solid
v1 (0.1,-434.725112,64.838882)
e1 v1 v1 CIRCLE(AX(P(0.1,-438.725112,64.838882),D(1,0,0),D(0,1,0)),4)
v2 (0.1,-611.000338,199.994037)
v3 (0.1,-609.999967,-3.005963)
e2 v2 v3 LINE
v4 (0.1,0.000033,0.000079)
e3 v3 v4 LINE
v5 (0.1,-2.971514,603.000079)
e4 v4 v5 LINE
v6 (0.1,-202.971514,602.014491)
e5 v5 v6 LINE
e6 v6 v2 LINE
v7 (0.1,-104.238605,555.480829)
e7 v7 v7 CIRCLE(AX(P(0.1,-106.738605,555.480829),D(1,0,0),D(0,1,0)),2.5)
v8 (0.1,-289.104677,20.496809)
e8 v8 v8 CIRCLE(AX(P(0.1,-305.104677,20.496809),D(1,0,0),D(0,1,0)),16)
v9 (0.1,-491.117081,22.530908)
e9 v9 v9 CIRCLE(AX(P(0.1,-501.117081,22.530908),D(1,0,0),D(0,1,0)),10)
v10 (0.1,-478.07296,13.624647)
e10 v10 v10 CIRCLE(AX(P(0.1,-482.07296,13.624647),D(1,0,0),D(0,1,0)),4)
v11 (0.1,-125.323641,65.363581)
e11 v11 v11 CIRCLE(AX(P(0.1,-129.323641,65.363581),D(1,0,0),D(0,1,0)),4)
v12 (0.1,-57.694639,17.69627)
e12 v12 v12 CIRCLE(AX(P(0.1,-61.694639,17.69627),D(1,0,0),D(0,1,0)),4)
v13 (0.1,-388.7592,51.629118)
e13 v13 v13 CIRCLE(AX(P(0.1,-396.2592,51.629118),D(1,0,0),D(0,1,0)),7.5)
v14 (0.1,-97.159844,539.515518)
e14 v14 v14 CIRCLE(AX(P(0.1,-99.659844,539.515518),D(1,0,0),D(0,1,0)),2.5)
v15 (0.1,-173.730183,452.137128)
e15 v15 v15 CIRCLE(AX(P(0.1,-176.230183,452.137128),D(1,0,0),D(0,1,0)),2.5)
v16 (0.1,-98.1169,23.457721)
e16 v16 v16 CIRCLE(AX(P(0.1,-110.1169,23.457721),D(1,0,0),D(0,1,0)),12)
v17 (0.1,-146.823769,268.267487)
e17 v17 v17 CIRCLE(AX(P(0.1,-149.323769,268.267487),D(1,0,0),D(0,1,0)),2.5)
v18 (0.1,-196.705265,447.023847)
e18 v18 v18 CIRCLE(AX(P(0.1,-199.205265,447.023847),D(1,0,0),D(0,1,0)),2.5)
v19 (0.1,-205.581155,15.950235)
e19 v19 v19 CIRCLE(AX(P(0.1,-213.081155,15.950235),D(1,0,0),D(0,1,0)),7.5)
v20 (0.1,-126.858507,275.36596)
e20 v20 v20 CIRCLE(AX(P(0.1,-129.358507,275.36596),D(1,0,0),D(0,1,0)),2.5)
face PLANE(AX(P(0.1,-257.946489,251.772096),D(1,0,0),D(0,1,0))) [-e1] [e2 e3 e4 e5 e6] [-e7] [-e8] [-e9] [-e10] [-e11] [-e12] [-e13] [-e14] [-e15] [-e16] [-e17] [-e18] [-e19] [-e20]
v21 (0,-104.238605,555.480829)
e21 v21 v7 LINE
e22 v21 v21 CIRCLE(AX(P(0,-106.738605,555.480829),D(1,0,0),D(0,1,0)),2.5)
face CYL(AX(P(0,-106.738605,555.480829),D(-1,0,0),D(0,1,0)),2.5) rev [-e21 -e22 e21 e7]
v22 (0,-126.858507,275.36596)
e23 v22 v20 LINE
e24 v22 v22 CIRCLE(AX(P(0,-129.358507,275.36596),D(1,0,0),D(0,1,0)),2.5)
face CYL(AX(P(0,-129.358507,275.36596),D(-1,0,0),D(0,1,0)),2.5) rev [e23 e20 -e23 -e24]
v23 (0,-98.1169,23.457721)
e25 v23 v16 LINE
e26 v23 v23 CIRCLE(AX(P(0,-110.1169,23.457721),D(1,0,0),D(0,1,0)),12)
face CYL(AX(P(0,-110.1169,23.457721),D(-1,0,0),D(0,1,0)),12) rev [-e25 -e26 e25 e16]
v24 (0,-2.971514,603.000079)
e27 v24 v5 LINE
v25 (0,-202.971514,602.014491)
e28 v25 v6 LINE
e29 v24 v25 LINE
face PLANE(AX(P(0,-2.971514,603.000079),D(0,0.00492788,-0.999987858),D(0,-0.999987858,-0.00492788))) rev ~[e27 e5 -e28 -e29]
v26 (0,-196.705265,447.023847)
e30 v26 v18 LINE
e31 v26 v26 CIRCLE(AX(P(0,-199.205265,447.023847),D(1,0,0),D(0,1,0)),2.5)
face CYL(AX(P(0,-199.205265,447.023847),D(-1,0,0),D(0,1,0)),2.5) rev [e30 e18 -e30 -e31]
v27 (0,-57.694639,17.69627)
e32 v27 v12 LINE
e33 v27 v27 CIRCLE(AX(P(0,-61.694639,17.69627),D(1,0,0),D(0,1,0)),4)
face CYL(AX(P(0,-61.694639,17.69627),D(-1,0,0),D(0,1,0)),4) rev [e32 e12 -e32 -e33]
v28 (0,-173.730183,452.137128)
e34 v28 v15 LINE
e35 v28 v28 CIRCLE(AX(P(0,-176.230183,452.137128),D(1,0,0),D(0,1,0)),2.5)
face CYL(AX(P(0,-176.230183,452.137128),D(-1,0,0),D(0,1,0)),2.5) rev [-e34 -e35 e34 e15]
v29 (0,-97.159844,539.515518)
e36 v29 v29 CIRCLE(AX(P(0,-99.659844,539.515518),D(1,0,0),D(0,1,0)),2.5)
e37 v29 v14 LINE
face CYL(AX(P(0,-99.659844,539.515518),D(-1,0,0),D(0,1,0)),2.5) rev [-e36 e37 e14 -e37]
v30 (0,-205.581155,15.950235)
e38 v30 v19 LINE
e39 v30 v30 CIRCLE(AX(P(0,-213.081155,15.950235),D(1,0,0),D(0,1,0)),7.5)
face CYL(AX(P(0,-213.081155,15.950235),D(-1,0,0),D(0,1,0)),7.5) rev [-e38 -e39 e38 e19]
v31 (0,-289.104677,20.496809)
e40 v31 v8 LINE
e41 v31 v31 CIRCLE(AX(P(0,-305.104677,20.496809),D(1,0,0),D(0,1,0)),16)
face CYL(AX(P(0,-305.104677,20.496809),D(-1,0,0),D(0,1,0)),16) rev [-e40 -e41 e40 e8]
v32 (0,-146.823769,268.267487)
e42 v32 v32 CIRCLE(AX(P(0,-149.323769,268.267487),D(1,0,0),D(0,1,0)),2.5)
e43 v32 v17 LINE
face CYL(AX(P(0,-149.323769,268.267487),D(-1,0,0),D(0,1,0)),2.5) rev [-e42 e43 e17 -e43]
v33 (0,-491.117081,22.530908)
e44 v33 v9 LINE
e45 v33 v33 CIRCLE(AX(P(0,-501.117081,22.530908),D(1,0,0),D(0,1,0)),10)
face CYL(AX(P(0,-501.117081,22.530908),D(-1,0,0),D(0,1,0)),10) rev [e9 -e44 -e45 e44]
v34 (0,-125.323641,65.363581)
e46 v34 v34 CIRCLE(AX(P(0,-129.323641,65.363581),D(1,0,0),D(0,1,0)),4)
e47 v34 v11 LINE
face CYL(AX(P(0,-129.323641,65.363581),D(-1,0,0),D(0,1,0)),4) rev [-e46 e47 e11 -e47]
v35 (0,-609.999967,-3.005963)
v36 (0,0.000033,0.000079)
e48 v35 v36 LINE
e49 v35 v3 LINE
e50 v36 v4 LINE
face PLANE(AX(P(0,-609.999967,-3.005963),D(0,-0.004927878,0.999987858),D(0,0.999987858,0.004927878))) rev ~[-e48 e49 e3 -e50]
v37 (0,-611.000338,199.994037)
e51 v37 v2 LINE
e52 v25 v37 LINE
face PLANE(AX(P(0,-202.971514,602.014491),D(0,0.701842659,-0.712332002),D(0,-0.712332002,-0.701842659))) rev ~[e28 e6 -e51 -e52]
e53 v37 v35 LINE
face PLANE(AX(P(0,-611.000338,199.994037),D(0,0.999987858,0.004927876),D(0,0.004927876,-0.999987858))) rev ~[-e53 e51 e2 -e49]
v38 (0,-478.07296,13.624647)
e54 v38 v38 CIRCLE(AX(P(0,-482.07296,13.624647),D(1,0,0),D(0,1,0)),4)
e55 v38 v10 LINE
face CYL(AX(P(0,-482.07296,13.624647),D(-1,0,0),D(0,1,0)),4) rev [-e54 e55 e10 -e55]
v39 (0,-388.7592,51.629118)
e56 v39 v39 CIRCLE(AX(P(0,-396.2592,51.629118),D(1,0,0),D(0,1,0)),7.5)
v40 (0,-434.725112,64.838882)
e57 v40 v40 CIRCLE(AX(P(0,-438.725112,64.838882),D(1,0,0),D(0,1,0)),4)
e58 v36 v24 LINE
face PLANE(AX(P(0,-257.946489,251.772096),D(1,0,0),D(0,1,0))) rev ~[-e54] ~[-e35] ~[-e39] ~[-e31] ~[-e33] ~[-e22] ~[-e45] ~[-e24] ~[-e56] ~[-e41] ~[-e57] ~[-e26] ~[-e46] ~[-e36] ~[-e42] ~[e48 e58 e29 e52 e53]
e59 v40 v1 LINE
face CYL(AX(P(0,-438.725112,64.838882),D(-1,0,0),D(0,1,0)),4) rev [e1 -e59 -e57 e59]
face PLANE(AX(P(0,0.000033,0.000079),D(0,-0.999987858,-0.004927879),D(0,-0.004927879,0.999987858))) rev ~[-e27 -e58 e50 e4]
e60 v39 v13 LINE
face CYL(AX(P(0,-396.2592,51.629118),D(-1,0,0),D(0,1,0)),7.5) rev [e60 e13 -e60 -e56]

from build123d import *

# Parameters (mm, degrees)
F0_R     = 10
F0_R_2   = 4
F0_R_3   = 7.5
F0_R_4   = 16
F0_R_5   = 12
F0_R_6   = 2.5
F1_DEPTH = 0.1


with BuildPart() as f1:
    # F0 (on Right) → F1 (new body)
    with BuildSketch(Plane.YZ):
        Polygon((-609.999967, -3.005963), (3.3e-05, 7.9e-05), (-2.971514, 603.000079), (-202.971514, 602.014491), (-611.000338, 199.994037), align=None)
        with Locations((-501.117081, 22.530908)):
            Circle(F0_R, mode=Mode.SUBTRACT)
        with Locations((-482.07296, 13.624647)):
            Circle(F0_R_2, mode=Mode.SUBTRACT)
        with Locations((-438.725112, 64.838882)):
            Circle(F0_R_2, mode=Mode.SUBTRACT)
        with Locations((-396.2592, 51.629118)):
            Circle(F0_R_3, mode=Mode.SUBTRACT)
        with Locations((-305.104677, 20.496809)):
            Circle(F0_R_4, mode=Mode.SUBTRACT)
        with Locations((-213.081155, 15.950235)):
            Circle(F0_R_3, mode=Mode.SUBTRACT)
        with Locations((-110.1169, 23.457721)):
            Circle(F0_R_5, mode=Mode.SUBTRACT)
        with Locations((-129.323641, 65.363581)):
            Circle(F0_R_2, mode=Mode.SUBTRACT)
        with Locations((-61.694639, 17.69627)):
            Circle(F0_R_2, mode=Mode.SUBTRACT)
        with Locations((-149.323769, 268.267487)):
            Circle(F0_R_6, mode=Mode.SUBTRACT)
        with Locations((-129.358507, 275.36596)):
            Circle(F0_R_6, mode=Mode.SUBTRACT)
        with Locations((-199.205265, 447.023847)):
            Circle(F0_R_6, mode=Mode.SUBTRACT)
        with Locations((-176.230183, 452.137128)):
            Circle(F0_R_6, mode=Mode.SUBTRACT)
        with Locations((-99.659844, 539.515518)):
            Circle(F0_R_6, mode=Mode.SUBTRACT)
        with Locations((-106.738605, 555.480829)):
            Circle(F0_R_6, mode=Mode.SUBTRACT)
    extrude(amount=F1_DEPTH)


solid = f1.part
